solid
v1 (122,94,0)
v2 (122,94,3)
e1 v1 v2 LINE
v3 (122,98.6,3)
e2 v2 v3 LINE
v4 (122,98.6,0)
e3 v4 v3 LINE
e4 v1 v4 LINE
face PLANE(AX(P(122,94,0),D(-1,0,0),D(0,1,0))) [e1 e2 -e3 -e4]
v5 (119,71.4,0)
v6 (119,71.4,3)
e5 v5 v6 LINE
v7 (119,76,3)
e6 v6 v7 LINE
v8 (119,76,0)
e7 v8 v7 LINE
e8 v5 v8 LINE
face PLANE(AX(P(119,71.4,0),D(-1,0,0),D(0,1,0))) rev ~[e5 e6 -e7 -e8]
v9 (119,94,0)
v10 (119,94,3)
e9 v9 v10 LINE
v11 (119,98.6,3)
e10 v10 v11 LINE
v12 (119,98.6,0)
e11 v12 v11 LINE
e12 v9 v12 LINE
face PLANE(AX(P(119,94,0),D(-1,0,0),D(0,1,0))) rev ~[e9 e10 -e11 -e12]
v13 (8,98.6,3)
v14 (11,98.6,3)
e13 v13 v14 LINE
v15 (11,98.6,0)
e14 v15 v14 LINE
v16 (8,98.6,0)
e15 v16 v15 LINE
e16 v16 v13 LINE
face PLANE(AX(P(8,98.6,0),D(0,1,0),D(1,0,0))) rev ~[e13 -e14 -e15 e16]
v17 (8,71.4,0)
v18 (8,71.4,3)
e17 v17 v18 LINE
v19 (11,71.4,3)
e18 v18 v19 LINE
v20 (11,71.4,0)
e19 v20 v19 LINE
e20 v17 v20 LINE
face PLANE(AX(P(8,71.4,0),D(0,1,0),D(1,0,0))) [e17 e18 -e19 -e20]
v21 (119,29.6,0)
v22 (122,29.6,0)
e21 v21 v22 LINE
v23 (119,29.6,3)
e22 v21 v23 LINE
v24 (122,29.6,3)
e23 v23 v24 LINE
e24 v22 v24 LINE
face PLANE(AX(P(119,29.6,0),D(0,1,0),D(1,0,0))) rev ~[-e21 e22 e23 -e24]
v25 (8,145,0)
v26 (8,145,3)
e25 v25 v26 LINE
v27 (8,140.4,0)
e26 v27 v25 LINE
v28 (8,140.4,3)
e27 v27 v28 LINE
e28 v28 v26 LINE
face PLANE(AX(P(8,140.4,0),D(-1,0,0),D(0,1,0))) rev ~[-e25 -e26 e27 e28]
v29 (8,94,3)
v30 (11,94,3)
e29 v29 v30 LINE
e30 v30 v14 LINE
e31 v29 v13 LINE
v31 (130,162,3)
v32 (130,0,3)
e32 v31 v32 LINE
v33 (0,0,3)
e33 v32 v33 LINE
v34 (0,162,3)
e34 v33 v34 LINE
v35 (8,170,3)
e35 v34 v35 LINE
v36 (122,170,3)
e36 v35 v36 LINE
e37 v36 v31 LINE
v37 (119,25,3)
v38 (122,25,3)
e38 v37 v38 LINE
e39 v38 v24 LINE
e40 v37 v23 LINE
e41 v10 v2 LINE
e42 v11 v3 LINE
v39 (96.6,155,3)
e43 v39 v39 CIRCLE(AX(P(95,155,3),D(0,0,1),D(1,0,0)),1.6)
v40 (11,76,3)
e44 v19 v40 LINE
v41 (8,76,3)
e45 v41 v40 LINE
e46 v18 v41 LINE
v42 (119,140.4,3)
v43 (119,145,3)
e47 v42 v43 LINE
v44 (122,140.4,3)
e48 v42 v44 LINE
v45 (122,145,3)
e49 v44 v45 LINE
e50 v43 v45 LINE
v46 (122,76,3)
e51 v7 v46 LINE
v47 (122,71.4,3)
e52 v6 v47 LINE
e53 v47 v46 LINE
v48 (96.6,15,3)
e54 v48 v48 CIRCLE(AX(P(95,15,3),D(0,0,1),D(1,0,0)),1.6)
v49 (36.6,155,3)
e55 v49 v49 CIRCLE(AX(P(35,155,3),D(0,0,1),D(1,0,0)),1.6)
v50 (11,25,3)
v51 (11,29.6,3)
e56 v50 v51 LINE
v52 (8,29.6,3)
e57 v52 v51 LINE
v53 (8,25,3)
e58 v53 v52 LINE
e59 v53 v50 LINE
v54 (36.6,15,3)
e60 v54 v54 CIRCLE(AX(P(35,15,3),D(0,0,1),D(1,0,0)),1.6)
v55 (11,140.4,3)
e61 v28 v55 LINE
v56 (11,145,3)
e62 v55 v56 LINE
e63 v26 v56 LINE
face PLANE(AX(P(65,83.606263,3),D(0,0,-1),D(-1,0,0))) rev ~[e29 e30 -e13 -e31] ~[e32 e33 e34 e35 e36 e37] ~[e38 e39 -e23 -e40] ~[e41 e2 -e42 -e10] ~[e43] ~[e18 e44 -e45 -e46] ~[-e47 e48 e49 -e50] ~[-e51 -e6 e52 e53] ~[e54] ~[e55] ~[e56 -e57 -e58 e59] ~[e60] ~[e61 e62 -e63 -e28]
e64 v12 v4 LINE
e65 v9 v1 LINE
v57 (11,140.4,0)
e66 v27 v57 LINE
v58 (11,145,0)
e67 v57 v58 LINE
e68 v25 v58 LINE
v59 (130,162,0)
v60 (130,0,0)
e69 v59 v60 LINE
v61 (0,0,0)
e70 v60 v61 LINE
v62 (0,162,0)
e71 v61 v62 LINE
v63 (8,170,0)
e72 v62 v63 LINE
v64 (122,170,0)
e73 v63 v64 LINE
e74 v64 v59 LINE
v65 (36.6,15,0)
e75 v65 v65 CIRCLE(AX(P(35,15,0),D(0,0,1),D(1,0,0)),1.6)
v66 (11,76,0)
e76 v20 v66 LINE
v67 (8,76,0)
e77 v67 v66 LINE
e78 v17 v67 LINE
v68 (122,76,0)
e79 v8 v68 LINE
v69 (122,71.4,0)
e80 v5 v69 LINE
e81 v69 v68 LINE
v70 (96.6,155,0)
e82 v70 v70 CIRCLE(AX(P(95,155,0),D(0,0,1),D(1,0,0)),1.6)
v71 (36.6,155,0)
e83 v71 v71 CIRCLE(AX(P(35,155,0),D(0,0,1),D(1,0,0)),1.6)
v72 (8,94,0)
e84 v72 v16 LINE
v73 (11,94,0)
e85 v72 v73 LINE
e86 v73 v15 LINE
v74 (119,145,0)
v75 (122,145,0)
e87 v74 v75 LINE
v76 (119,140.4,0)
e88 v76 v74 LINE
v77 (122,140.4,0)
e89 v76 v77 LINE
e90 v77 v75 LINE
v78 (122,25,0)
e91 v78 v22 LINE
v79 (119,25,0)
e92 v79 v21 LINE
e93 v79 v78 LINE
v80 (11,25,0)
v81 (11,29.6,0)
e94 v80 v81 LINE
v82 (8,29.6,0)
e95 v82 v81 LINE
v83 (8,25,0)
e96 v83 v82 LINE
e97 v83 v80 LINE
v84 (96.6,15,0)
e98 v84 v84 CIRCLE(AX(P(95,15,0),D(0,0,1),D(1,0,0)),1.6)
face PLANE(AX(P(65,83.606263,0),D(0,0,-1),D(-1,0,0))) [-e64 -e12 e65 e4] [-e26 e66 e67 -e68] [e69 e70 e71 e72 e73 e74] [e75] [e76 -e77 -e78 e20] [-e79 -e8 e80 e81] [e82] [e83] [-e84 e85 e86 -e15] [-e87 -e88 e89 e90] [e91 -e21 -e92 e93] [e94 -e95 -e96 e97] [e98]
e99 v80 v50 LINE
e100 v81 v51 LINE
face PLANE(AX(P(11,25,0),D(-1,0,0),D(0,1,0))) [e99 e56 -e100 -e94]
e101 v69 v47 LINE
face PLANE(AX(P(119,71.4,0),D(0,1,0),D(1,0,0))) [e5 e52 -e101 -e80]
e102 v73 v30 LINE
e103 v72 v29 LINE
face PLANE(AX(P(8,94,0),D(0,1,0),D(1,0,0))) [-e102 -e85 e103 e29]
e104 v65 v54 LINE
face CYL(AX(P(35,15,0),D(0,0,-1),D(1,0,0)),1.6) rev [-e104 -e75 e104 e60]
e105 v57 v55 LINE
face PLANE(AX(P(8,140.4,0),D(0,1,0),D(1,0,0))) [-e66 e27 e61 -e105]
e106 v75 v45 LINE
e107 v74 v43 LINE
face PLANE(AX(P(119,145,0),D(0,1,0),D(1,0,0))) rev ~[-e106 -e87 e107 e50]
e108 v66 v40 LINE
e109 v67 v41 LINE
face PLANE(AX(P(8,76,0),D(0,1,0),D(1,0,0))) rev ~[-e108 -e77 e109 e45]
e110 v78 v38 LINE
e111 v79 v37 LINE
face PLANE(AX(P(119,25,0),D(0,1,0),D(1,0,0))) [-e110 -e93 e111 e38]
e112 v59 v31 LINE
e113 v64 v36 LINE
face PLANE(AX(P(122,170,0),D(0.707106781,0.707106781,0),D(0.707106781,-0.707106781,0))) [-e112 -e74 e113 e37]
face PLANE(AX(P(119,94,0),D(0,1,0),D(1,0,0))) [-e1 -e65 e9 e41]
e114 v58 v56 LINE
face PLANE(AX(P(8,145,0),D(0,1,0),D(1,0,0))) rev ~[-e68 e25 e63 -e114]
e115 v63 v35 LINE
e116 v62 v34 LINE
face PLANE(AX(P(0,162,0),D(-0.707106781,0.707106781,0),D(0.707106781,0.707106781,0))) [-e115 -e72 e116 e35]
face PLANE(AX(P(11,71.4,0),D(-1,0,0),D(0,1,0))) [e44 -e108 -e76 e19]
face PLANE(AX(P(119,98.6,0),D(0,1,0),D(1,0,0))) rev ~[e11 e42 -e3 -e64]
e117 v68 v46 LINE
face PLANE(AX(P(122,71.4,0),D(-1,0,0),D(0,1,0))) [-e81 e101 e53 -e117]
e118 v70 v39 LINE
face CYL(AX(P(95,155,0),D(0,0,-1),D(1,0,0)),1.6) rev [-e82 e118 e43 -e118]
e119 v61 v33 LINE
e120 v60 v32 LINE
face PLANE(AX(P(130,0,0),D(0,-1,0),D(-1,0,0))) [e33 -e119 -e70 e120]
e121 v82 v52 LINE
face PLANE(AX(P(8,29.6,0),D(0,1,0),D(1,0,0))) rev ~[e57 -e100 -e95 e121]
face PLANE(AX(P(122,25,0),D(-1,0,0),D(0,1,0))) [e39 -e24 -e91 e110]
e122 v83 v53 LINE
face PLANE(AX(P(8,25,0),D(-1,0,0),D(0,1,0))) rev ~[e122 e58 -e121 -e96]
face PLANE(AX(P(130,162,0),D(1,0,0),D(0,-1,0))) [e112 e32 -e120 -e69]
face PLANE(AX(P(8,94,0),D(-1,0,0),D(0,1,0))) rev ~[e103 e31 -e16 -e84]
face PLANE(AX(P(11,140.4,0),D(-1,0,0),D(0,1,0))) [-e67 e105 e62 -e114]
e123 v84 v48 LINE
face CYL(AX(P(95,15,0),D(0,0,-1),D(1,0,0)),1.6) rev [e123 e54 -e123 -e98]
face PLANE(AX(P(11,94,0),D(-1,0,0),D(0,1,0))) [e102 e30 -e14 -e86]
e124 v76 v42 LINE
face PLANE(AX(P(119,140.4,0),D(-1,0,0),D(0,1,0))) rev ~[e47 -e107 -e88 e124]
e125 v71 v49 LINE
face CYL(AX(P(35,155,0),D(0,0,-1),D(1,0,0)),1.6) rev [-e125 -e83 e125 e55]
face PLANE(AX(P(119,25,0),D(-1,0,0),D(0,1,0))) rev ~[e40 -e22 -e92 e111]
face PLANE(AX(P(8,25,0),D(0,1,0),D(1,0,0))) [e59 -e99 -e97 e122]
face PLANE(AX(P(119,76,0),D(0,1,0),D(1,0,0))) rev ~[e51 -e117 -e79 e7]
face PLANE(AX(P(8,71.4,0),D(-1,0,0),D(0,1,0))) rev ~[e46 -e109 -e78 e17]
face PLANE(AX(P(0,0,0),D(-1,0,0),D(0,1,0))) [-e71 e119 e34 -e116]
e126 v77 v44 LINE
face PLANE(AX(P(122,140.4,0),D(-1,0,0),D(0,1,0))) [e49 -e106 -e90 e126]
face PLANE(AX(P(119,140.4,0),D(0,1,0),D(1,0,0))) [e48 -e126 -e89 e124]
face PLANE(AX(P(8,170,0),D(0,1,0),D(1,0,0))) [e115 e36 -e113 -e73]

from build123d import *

# Parameters (mm, degrees)
SKETCH_1_R      = 1.6
SKETCH_1_W      = 3
SKETCH_1_H      = 4.6
EXTRUDE_1_DEPTH = 3


with BuildPart() as part:
    # ｽｹｯﾁ1 → ﾎﾞｽ - 押し出し1 (new body)
    with BuildSketch(Plane.XY):
        Polygon((0, 162), (8, 170), (122, 170), (130, 162), (130, 0), (0, 0), align=None)
        with Locations((35, 155)):
            Circle(SKETCH_1_R, mode=Mode.SUBTRACT)
        with Locations((95, 155)):
            Circle(SKETCH_1_R, mode=Mode.SUBTRACT)
        with Locations((35, 15)):
            Circle(SKETCH_1_R, mode=Mode.SUBTRACT)
        with Locations((95, 15)):
            Circle(SKETCH_1_R, mode=Mode.SUBTRACT)
        with Locations((9.5, 142.7)):
            Rectangle(SKETCH_1_W, SKETCH_1_H, mode=Mode.SUBTRACT)
        with Locations((120.5, 142.7)):
            Rectangle(SKETCH_1_W, SKETCH_1_H, mode=Mode.SUBTRACT)
        with Locations((9.5, 27.3)):
            Rectangle(SKETCH_1_W, SKETCH_1_H, mode=Mode.SUBTRACT)
        with Locations((120.5, 27.3)):
            Rectangle(SKETCH_1_W, SKETCH_1_H, mode=Mode.SUBTRACT)
        with Locations((9.5, 96.3)):
            Rectangle(SKETCH_1_W, SKETCH_1_H, mode=Mode.SUBTRACT)
        with Locations((120.5, 96.3)):
            Rectangle(SKETCH_1_W, SKETCH_1_H, mode=Mode.SUBTRACT)
        with Locations((9.5, 73.7)):
            Rectangle(SKETCH_1_W, SKETCH_1_H, mode=Mode.SUBTRACT)
        with Locations((120.5, 73.7)):
            Rectangle(SKETCH_1_W, SKETCH_1_H, mode=Mode.SUBTRACT)
    extrude(amount=EXTRUDE_1_DEPTH)


solid = part.part
